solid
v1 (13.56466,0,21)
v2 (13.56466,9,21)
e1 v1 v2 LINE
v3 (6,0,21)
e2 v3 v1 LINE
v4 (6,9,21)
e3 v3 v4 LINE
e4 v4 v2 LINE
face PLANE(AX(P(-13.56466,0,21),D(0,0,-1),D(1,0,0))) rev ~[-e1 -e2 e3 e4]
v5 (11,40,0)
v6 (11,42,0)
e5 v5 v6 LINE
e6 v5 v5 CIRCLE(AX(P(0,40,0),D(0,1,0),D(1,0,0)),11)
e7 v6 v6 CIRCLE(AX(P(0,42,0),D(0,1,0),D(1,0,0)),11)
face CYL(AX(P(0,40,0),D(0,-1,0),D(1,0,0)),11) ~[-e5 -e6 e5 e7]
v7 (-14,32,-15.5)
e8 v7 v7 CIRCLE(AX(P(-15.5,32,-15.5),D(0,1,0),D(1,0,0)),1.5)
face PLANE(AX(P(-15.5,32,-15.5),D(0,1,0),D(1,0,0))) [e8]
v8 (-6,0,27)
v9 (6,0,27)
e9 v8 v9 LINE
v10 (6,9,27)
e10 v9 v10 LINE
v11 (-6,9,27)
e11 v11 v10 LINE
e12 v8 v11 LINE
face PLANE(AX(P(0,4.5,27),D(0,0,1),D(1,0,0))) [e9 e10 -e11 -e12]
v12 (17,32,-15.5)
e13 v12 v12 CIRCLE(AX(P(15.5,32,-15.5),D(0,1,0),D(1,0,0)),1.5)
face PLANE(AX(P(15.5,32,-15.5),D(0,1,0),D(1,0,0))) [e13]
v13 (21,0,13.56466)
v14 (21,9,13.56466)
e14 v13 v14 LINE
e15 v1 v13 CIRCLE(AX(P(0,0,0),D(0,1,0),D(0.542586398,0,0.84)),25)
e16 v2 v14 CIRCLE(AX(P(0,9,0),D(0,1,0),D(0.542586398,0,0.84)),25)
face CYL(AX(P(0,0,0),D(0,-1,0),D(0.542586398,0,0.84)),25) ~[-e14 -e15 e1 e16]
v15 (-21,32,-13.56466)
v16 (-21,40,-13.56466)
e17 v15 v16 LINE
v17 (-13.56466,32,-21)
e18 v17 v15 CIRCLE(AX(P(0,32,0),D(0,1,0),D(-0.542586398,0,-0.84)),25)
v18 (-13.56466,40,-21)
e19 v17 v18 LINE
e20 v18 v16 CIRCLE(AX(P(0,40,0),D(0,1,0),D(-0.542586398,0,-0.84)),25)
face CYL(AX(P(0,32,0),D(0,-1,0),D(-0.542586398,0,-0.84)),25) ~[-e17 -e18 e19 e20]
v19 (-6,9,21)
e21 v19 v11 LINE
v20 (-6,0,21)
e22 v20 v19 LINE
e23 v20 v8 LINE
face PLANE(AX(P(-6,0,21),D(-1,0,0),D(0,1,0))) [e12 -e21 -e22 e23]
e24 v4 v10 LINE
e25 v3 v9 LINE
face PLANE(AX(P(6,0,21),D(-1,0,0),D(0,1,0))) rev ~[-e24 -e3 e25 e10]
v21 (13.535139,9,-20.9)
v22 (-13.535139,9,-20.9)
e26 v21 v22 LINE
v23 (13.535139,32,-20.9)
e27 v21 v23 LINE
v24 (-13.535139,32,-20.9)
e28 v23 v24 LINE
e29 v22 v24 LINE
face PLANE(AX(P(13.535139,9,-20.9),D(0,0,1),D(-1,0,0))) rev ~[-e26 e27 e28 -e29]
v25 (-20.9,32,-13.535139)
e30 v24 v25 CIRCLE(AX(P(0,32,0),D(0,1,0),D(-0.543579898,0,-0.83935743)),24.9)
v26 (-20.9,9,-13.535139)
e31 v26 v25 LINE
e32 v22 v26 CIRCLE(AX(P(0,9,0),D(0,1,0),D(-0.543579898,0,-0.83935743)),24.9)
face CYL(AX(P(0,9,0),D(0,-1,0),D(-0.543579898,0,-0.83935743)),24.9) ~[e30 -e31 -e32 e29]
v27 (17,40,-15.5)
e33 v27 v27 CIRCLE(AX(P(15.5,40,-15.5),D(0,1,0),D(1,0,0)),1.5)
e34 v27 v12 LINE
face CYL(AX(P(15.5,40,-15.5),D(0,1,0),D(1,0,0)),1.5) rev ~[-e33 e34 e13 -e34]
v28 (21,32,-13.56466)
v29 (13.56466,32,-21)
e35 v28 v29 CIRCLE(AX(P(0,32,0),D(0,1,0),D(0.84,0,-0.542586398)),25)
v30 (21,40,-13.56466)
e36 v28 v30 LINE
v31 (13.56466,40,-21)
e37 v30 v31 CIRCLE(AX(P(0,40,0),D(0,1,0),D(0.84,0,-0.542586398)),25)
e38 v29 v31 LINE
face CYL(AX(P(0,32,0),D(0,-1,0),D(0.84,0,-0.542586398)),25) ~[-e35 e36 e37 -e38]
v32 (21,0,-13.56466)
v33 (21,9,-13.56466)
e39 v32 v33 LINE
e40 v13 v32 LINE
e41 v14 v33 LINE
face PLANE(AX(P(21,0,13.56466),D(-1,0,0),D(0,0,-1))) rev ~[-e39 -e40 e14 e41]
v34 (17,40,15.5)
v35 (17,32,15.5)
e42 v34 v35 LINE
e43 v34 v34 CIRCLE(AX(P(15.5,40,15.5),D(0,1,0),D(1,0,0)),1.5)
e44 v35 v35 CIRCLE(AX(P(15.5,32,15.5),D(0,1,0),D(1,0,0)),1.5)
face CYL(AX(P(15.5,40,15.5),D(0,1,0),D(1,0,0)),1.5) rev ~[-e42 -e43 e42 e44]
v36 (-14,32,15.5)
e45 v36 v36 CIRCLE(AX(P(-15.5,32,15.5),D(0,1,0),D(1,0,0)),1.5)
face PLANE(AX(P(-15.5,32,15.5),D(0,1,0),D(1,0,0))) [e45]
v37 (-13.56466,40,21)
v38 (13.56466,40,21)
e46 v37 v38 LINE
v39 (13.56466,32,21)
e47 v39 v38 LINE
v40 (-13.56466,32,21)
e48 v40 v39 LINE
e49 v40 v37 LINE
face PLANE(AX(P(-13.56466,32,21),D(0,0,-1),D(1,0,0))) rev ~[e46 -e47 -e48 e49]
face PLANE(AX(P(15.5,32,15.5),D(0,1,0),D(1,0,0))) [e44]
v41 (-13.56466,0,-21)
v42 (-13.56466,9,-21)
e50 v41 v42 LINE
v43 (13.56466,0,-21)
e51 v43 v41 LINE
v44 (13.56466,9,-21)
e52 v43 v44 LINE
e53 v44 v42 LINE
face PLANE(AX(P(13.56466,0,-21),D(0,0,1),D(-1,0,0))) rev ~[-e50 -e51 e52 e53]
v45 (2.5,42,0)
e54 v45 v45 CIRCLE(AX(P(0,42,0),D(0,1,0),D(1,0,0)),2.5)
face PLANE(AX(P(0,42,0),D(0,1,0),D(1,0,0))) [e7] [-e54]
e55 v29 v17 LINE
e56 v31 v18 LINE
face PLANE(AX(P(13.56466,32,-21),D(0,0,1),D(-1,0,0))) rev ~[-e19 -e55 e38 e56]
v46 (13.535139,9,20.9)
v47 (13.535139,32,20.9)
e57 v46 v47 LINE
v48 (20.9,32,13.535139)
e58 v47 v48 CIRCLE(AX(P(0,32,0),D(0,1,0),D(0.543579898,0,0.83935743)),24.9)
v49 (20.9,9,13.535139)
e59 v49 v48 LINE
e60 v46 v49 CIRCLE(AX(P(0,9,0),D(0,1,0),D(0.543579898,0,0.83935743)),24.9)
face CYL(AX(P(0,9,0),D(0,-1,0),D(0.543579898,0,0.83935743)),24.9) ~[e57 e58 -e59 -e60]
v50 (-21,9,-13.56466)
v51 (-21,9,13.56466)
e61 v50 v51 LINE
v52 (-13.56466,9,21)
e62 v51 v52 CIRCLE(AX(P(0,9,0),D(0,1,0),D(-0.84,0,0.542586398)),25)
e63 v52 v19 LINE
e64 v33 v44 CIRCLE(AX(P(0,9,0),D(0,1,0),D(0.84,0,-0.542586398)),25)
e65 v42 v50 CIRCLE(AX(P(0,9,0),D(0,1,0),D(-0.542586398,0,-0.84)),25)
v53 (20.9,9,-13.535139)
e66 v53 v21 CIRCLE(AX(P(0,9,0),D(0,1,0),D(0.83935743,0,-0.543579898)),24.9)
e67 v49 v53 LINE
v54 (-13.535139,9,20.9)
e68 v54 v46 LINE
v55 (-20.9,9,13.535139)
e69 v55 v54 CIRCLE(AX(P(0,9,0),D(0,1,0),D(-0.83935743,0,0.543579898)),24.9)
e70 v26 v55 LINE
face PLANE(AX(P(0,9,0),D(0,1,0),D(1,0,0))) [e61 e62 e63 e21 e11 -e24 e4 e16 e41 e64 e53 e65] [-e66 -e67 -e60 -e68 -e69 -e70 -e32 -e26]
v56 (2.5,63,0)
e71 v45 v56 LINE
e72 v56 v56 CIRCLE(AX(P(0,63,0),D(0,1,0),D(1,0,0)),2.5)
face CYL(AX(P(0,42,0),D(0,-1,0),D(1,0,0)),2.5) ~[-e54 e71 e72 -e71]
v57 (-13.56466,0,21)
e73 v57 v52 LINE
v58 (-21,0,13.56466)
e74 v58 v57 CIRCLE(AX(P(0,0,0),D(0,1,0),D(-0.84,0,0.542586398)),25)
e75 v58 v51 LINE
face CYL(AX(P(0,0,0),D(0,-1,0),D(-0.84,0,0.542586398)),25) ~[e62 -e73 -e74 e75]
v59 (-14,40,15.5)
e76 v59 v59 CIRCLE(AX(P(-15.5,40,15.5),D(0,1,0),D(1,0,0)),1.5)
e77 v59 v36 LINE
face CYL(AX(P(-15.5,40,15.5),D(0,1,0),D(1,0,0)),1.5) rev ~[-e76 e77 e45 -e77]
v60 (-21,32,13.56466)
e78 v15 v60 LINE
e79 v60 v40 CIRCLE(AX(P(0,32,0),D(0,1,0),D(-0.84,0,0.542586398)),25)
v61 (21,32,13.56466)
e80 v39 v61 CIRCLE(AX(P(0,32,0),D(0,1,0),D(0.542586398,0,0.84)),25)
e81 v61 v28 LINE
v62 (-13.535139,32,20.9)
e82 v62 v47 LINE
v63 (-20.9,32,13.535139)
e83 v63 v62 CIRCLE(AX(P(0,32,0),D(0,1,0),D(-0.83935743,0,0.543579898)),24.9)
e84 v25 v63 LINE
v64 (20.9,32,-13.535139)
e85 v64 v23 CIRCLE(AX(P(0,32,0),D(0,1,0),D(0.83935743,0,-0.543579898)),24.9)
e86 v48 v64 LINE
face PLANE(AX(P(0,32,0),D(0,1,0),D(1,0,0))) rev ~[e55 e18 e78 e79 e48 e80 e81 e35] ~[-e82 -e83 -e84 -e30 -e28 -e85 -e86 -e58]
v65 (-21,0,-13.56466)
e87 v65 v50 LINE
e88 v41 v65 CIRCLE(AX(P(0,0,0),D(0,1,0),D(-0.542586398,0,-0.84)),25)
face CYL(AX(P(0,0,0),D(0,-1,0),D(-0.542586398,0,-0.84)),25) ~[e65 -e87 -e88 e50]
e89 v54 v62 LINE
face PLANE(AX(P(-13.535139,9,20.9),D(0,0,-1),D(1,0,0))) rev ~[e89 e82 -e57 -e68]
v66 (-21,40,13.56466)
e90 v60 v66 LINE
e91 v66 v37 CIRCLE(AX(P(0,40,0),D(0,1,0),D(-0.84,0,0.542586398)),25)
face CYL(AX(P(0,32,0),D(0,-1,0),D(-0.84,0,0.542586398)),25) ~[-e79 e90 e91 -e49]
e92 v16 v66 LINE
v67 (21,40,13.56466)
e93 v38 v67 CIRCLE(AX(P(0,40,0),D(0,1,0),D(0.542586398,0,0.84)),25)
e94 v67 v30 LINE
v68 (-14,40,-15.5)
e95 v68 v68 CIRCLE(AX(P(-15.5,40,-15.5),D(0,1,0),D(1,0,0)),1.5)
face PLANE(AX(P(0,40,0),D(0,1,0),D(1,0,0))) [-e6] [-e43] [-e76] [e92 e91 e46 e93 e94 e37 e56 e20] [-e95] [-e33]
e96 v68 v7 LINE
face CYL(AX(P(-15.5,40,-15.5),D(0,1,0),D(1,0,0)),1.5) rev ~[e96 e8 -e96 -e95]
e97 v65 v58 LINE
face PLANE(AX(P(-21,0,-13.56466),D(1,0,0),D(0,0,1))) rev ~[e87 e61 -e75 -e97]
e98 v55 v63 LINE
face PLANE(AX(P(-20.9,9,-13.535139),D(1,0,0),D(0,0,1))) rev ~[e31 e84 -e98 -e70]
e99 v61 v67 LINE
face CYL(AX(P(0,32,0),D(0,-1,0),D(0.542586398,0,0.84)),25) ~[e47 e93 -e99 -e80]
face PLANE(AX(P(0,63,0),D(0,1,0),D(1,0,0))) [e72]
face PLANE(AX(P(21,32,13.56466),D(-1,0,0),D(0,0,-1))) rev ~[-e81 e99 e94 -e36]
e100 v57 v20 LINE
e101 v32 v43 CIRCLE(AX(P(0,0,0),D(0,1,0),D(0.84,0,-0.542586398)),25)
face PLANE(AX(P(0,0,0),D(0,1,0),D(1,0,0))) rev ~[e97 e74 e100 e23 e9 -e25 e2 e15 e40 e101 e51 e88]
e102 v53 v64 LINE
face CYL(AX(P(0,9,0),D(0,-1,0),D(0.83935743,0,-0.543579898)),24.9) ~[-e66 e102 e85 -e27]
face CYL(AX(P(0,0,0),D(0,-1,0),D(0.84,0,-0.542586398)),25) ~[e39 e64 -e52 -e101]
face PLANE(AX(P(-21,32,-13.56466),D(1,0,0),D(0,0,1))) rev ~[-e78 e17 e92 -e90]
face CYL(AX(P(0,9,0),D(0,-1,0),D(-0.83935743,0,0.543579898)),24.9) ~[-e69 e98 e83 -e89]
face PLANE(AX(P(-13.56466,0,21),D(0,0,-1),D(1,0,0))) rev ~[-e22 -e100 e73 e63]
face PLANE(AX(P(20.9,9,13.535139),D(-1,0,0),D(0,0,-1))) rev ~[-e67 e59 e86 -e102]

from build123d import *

# Parameters (mm, degrees)
EXTRUDE_1_DEPTH     = 9
SKETCH_2_W          = 12
SKETCH_2_H          = 9
EXTRUDE_2_DEPTH     = 6
EXTRUDE_3_DEPTH     = 23
EXTRUDE_4_DEPTH     = 8
SKETCH_6_R          = 1.5
CUT_EXTRUDE_1_DEPTH = 8
SKETCH_6_3_R        = 11
EXTRUDE_5_DEPTH     = 2
SKETCH_7_R          = 2.5
EXTRUDE_6_DEPTH     = 21


with BuildPart() as part:
    # Эскиз1 → Бобышка-Вытянуть1 (new body)
    with BuildSketch(Plane(origin=(0, 0, 0), x_dir=(1, 0, 0), z_dir=(0, 1, 0))):
        with BuildLine():
            ThreePointArc((-13.564659966, 21), (-17.67766953, 17.67766953), (-21, 13.564659966))
            Line((-21, 13.564659966), (-21, -13.564659966))
            ThreePointArc((-21, -13.564659966), (-17.67766953, -17.67766953), (-13.564659966, -21))
            Line((-13.564659966, -21), (13.564659966, -21))
            ThreePointArc((13.564659966, -21), (17.67766953, -17.67766953), (21, -13.564659966))
            Line((21, -13.564659966), (21, 13.564659966))
            ThreePointArc((21, 13.564659966), (17.67766953, 17.67766953), (13.564659966, 21))
            Line((13.564659966, 21), (-13.564659966, 21))
        make_face()
    extrude(amount=EXTRUDE_1_DEPTH)

    # Эскиз2 → Бобышка-Вытянуть2 (add)
    with BuildSketch(Plane.XY.offset(21)):
        with Locations((0, 4.5)):
            Rectangle(SKETCH_2_W, SKETCH_2_H)
    extrude(amount=EXTRUDE_2_DEPTH)

    # Эскиз4 → Бобышка-Вытянуть3 (add)
    with BuildSketch(Plane(origin=(0, 9, 0), x_dir=(1, 0, 0), z_dir=(0, 1, 0))):
        with BuildLine():
            Line((-20.9, 13.535139453), (-20.9, -13.535139453))
            ThreePointArc((-20.9, -13.535139453), (-17.606958852, -17.606958852), (-13.535139453, -20.9))
            Line((-13.535139453, -20.9), (13.535139453, -20.9))
            ThreePointArc((13.535139453, -20.9), (17.606958852, -17.606958852), (20.9, -13.535139453))
            Line((20.9, -13.535139453), (20.9, 13.535139453))
            ThreePointArc((20.9, 13.535139453), (17.606958852, 17.606958852), (13.535139453, 20.9))
            Line((13.535139453, 20.9), (-13.535139453, 20.9))
            ThreePointArc((-13.535139453, 20.9), (-17.606958852, 17.606958852), (-20.9, 13.535139453))
        make_face()
    extrude(amount=EXTRUDE_3_DEPTH)

    # Эскиз5 → Бобышка-Вытянуть4 (add)
    with BuildSketch(Plane(origin=(0, 32, 0), x_dir=(1, 0, 0), z_dir=(0, 1, 0))):
        with BuildLine():
            Line((21, -13.564659966), (21, 13.564659966))
            ThreePointArc((21, 13.564659966), (17.67766953, 17.67766953), (13.564659966, 21))
            Line((13.564659966, 21), (-13.564659966, 21))
            ThreePointArc((-13.564659966, 21), (-17.67766953, 17.67766953), (-21, 13.564659966))
            Line((-21, 13.564659966), (-21, -13.564659966))
            ThreePointArc((-21, -13.564659966), (-17.67766953, -17.67766953), (-13.564659966, -21))
            Line((-13.564659966, -21), (13.564659966, -21))
            ThreePointArc((13.564659966, -21), (17.67766953, -17.67766953), (21, -13.564659966))
        make_face()
    extrude(amount=EXTRUDE_4_DEPTH)

    # Эскиз6 → Вырез-Вытянуть1 (cut)
    with BuildSketch(Plane(origin=(0, 40, 0), x_dir=(1, 0, 0), z_dir=(0, 1, 0))):
        with Locations((-15.5, -15.5)):
            Circle(SKETCH_6_R)
        with Locations((-15.5, 15.5)):
            Circle(SKETCH_6_R)
        with Locations((15.5, 15.5)):
            Circle(SKETCH_6_R)
        with Locations((15.5, -15.5)):
            Circle(SKETCH_6_R)
    extrude(amount=-CUT_EXTRUDE_1_DEPTH, mode=Mode.SUBTRACT)

    # Эскиз6<3> → Бобышка-Вытянуть5 (add)
    with BuildSketch(Plane(origin=(0, 40, 0), x_dir=(1, 0, 0), z_dir=(0, 1, 0))):
        Circle(SKETCH_6_3_R)
    extrude(amount=EXTRUDE_5_DEPTH)

    # Эскиз7 → Бобышка-Вытянуть6 (add)
    with BuildSketch(Plane(origin=(0, 42, 0), x_dir=(1, 0, 0), z_dir=(0, 1, 0))):
        Circle(SKETCH_7_R)
    extrude(amount=EXTRUDE_6_DEPTH)


solid = part.part
